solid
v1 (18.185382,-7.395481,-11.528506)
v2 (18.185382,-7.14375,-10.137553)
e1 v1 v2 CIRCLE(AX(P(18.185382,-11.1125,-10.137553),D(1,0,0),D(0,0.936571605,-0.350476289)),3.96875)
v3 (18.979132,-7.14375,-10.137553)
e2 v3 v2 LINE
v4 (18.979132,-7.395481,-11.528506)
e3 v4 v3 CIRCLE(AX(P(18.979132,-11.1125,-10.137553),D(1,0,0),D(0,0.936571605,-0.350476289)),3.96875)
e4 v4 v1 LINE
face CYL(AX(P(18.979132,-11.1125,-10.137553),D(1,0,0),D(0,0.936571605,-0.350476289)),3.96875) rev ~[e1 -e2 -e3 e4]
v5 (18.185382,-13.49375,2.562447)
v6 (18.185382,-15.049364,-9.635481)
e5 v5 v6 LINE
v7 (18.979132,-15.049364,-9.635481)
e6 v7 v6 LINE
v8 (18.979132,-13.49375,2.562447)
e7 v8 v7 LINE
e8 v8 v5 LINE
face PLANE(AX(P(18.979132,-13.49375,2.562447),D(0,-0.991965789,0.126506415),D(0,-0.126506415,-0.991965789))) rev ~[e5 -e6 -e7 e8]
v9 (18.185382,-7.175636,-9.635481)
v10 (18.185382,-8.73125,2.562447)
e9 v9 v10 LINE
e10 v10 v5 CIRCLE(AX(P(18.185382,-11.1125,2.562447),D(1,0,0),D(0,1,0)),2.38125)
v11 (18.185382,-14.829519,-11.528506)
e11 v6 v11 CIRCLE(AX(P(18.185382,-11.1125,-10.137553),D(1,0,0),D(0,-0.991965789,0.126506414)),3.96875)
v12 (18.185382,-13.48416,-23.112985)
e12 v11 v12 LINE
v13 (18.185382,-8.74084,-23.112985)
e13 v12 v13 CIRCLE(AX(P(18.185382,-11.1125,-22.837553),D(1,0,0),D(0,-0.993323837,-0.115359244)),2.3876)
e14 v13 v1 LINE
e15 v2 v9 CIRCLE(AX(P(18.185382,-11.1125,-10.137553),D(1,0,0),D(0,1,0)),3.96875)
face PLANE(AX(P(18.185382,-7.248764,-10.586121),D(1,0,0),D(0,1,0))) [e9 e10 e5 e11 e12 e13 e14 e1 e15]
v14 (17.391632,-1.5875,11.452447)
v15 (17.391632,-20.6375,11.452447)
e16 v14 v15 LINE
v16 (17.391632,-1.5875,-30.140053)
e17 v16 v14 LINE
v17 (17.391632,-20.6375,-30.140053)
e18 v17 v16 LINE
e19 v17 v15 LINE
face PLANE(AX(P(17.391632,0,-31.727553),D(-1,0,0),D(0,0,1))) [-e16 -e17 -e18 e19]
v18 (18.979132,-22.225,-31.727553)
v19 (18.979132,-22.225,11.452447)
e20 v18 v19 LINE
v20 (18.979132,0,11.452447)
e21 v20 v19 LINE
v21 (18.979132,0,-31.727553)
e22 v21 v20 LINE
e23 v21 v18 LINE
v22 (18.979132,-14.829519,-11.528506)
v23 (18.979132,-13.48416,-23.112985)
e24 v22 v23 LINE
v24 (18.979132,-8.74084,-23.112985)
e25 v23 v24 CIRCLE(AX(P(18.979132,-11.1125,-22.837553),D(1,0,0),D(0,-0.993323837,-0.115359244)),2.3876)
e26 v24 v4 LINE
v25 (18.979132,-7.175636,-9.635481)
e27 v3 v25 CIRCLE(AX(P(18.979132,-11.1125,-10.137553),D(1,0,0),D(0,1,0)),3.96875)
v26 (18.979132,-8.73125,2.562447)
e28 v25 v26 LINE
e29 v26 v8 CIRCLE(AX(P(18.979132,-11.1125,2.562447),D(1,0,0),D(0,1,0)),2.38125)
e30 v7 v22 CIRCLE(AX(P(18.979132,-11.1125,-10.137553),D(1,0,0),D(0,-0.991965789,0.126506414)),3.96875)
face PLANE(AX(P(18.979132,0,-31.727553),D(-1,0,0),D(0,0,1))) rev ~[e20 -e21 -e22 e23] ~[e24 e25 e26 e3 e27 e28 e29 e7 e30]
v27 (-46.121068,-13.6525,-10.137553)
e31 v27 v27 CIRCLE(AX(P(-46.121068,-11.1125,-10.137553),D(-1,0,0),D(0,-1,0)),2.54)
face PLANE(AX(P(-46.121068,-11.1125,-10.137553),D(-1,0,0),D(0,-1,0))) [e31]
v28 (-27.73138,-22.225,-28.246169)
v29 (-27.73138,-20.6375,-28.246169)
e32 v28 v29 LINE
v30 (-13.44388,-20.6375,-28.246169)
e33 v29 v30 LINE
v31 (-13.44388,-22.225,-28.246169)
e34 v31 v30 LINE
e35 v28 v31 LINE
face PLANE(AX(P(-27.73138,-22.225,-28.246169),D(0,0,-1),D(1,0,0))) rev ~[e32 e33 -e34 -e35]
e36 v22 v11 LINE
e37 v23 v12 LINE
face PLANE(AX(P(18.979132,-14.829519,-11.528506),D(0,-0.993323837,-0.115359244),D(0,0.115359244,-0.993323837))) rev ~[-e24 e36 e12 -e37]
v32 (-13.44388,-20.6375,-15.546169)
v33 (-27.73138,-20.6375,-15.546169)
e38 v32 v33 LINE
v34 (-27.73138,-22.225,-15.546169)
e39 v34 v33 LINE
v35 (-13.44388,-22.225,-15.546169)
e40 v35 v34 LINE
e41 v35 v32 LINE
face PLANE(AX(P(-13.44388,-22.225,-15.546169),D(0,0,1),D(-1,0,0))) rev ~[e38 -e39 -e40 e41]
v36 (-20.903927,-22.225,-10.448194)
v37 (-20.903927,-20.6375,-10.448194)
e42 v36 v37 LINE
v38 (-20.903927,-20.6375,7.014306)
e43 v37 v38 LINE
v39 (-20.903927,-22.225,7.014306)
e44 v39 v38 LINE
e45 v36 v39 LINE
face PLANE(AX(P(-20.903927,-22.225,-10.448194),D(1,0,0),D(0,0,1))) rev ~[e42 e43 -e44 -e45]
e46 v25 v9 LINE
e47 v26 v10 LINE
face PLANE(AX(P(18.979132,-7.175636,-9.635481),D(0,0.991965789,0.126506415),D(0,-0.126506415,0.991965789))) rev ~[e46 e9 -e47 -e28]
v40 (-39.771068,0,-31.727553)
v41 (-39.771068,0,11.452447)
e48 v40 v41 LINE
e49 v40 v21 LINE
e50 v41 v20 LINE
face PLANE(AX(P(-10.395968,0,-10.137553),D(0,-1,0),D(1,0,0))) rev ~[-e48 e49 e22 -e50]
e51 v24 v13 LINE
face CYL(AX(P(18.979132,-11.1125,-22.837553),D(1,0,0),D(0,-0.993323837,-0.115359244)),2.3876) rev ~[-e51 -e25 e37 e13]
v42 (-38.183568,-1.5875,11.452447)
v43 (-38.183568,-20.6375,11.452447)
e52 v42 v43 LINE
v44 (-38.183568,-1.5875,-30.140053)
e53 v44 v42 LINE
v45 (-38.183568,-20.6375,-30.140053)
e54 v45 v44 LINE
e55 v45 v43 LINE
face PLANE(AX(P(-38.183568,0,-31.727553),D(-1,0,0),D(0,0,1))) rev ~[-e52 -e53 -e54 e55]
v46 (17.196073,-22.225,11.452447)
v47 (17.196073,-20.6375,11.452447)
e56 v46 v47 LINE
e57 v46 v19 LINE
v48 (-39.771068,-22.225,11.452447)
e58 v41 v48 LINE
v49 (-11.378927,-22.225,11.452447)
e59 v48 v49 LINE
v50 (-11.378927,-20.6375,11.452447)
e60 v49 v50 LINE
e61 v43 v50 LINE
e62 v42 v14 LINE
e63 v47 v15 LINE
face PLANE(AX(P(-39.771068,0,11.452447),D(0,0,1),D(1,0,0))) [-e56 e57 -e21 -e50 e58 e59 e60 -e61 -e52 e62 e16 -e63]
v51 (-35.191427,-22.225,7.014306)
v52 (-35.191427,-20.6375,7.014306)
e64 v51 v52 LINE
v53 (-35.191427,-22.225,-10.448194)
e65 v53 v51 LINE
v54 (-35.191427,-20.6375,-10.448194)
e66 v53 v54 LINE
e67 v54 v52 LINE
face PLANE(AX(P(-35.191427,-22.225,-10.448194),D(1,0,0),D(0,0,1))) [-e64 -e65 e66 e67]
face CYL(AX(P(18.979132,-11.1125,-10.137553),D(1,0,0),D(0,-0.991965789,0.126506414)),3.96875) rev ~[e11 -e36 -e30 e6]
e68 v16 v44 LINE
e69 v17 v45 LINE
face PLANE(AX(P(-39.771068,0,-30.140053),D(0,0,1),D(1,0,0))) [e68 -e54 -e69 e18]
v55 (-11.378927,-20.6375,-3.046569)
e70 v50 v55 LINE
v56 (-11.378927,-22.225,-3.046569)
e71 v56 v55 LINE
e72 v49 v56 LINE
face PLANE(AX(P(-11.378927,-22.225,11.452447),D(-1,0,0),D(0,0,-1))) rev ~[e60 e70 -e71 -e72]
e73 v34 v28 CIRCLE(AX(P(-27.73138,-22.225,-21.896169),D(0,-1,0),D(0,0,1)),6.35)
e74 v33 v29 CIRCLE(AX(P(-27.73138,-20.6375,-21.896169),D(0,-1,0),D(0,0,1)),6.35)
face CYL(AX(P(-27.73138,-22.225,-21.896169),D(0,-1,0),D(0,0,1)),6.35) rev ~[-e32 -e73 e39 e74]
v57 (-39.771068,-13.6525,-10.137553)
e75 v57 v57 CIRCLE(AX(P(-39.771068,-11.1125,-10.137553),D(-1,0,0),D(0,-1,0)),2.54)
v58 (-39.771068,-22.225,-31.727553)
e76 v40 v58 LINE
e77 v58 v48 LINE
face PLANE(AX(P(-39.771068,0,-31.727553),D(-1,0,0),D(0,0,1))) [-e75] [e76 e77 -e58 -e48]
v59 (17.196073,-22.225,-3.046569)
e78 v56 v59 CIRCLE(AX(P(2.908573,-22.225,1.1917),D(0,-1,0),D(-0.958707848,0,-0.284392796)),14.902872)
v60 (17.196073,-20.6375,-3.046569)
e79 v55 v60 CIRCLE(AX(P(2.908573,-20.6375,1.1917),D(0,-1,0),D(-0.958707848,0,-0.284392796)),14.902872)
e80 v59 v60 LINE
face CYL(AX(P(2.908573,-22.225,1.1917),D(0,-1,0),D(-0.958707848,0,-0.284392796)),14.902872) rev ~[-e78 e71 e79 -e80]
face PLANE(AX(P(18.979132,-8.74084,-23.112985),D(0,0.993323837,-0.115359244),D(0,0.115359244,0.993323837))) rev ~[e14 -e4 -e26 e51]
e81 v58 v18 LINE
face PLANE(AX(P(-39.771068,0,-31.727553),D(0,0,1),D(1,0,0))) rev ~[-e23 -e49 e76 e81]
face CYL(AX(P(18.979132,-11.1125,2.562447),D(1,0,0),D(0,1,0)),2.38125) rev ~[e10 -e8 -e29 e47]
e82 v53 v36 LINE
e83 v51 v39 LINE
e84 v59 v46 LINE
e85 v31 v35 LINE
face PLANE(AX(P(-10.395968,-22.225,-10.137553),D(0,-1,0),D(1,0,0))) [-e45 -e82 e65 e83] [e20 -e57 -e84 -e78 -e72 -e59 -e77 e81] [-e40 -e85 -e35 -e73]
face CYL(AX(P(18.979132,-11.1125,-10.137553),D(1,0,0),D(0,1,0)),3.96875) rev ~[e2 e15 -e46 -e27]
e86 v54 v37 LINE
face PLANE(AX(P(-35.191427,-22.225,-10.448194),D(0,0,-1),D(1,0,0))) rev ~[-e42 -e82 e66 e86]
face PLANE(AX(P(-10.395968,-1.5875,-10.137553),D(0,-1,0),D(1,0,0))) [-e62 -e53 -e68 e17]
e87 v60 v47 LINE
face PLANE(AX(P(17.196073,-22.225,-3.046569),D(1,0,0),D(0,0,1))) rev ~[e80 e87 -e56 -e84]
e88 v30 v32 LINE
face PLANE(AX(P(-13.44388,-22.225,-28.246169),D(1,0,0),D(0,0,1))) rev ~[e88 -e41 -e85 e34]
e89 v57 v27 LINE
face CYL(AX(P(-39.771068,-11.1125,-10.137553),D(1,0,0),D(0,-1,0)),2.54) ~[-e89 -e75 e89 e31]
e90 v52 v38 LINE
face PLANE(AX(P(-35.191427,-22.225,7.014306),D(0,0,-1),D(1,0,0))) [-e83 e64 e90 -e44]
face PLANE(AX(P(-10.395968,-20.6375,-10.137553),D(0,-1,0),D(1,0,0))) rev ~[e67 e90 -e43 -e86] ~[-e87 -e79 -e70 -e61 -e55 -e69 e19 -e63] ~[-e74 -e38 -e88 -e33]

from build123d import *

# Parameters (mm, degrees)
F0_W     = 58.7502
F0_H     = 43.18
F1_DEPTH = 22.225
F2_T     = -1.5875
F3_W     = 14.2875
F3_H     = 17.4625
F4_DEPTH = 3.175
F6_DEPTH = 0.79375
F7_R     = 2.54
F8_DEPTH = 6.35


with BuildPart() as f1:
    # F0 (on Front) → F1 (new body)
    with BuildSketch(Plane.XZ):
        with Locations((-10.3959683329, -10.1375534884)):
            Rectangle(F0_W, F0_H)
    extrude(amount=F1_DEPTH)

    # F2
    f2_openings = [f1.faces().sort_by_distance(p)[0] for p in [
        (-10.395968, -11.1125, 11.452447),
    ]]
    offset(amount=F2_T, openings=f2_openings)

    # F3 (on face) → F4 (cut)
    with BuildSketch(Plane.XZ.offset(22.225)):
        with BuildLine():
            Line((17.1960732201, 11.4524465116), (-11.3789267799, 11.4524465116))
            Line((-11.3789267799, 11.4524465116), (-11.3789267799, -3.0465692528))
            ThreePointArc((-11.3789267799, -3.0465692528), (2.9085732201, -13.7111715641), (17.1960732201, -3.0465692528))
            Line((17.1960732201, -3.0465692528), (17.1960732201, 11.4524465116))
        make_face()
        with Locations((-28.0476767799, -1.7169438296)):
            Rectangle(F3_W, F3_H)
        with BuildLine():
            Line((-13.4438804602, -15.5461690363), (-27.7313804602, -15.5461690363))
            ThreePointArc((-27.7313804602, -15.5461690363), (-34.0813804602, -21.8961690363), (-27.7313804602, -28.2461690363))
            Line((-27.7313804602, -28.2461690363), (-13.4438804602, -28.2461690363))
            Line((-13.4438804602, -28.2461690363), (-13.4438804602, -15.5461690363))
        make_face()
    extrude(amount=-F4_DEPTH, mode=Mode.SUBTRACT)

    # F5 (on face) → F6 (cut)
    with BuildSketch(Plane.YZ.offset(18.9791316671)):
        with BuildLine():
            ThreePointArc((-7.3954814436, -11.5285062603), (-7.2071898997, -10.8443275565), (-7.14375, -10.1375534884))
            ThreePointArc((-7.14375, -10.1375534884), (-7.1517294651, -9.8860115785), (-7.1756357738, -9.6354811558))
            Line((-7.1756357738, -9.6354811558), (-7.3954814436, -11.5285062603))
        make_face()
        with BuildLine():
            Line((-7.3954814436, -11.5285062603), (-7.1756357738, -9.6354811558))
            ThreePointArc((-7.1756357738, -9.6354811558), (-11.1125, -6.1688034884), (-15.0493642262, -9.6354811558))
            Line((-15.0493642262, -9.6354811558), (-14.8295185564, -11.5285062603))
            ThreePointArc((-14.8295185564, -11.5285062603), (-11.1125, -14.1063034884), (-7.3954814436, -11.5285062603))
        make_face()
        with BuildLine():
            ThreePointArc((-15.0493642262, -9.6354811558), (-11.1125, -6.1688034884), (-7.1756357738, -9.6354811558))
            Line((-7.1756357738, -9.6354811558), (-8.73125, 2.5624465116))
            ThreePointArc((-8.73125, 2.5624465116), (-11.1125, 0.1811965116), (-13.49375, 2.5624465116))
            Line((-13.49375, 2.5624465116), (-15.0493642262, -9.6354811558))
        make_face()
        with BuildLine():
            Line((-8.7408400071, -23.1129852184), (-7.3954814436, -11.5285062603))
            ThreePointArc((-7.3954814436, -11.5285062603), (-11.1125, -14.1063034884), (-14.8295185564, -11.5285062603))
            Line((-14.8295185564, -11.5285062603), (-13.4841599929, -23.1129852184))
            ThreePointArc((-13.4841599929, -23.1129852184), (-11.2504462955, -20.4539418213), (-8.7249, -22.8375534884))
            ThreePointArc((-8.7249, -22.8375534884), (-8.7288883329, -22.9754997838), (-8.7408400071, -23.1129852184))
        make_face()
        with BuildLine():
            Line((-14.8295185564, -11.5285062603), (-15.0493642262, -9.6354811558))
            ThreePointArc((-15.0493642262, -9.6354811558), (-15.0547539776, -10.5953854865), (-14.8295185564, -11.5285062603))
        make_face()
        with BuildLine():
            ThreePointArc((-13.49375, 2.5624465116), (-11.1125, 0.1811965116), (-8.73125, 2.5624465116))
            ThreePointArc((-8.73125, 2.5624465116), (-11.1125, 4.9436965116), (-13.49375, 2.5624465116))
        make_face()
        with BuildLine():
            ThreePointArc((-13.4841599929, -23.1129852184), (-11.1125, -25.2251534884), (-8.7408400071, -23.1129852184))
            ThreePointArc((-8.7408400071, -23.1129852184), (-8.7288883329, -22.9754997838), (-8.7249, -22.8375534884))
            ThreePointArc((-8.7249, -22.8375534884), (-11.2504462955, -20.4539418213), (-13.4841599929, -23.1129852184))
        make_face()
    extrude(amount=-F6_DEPTH, mode=Mode.SUBTRACT)

    # F7 (on face) → F8 (join)
    with BuildSketch(Plane(origin=(-39.7710683329, 0, 0), x_dir=(0, -1, 0), z_dir=(-1, 0, 0))):
        with Locations((11.1125, -10.1375534884)):
            Circle(F7_R)
    extrude(amount=F8_DEPTH)


solid = f1.part
